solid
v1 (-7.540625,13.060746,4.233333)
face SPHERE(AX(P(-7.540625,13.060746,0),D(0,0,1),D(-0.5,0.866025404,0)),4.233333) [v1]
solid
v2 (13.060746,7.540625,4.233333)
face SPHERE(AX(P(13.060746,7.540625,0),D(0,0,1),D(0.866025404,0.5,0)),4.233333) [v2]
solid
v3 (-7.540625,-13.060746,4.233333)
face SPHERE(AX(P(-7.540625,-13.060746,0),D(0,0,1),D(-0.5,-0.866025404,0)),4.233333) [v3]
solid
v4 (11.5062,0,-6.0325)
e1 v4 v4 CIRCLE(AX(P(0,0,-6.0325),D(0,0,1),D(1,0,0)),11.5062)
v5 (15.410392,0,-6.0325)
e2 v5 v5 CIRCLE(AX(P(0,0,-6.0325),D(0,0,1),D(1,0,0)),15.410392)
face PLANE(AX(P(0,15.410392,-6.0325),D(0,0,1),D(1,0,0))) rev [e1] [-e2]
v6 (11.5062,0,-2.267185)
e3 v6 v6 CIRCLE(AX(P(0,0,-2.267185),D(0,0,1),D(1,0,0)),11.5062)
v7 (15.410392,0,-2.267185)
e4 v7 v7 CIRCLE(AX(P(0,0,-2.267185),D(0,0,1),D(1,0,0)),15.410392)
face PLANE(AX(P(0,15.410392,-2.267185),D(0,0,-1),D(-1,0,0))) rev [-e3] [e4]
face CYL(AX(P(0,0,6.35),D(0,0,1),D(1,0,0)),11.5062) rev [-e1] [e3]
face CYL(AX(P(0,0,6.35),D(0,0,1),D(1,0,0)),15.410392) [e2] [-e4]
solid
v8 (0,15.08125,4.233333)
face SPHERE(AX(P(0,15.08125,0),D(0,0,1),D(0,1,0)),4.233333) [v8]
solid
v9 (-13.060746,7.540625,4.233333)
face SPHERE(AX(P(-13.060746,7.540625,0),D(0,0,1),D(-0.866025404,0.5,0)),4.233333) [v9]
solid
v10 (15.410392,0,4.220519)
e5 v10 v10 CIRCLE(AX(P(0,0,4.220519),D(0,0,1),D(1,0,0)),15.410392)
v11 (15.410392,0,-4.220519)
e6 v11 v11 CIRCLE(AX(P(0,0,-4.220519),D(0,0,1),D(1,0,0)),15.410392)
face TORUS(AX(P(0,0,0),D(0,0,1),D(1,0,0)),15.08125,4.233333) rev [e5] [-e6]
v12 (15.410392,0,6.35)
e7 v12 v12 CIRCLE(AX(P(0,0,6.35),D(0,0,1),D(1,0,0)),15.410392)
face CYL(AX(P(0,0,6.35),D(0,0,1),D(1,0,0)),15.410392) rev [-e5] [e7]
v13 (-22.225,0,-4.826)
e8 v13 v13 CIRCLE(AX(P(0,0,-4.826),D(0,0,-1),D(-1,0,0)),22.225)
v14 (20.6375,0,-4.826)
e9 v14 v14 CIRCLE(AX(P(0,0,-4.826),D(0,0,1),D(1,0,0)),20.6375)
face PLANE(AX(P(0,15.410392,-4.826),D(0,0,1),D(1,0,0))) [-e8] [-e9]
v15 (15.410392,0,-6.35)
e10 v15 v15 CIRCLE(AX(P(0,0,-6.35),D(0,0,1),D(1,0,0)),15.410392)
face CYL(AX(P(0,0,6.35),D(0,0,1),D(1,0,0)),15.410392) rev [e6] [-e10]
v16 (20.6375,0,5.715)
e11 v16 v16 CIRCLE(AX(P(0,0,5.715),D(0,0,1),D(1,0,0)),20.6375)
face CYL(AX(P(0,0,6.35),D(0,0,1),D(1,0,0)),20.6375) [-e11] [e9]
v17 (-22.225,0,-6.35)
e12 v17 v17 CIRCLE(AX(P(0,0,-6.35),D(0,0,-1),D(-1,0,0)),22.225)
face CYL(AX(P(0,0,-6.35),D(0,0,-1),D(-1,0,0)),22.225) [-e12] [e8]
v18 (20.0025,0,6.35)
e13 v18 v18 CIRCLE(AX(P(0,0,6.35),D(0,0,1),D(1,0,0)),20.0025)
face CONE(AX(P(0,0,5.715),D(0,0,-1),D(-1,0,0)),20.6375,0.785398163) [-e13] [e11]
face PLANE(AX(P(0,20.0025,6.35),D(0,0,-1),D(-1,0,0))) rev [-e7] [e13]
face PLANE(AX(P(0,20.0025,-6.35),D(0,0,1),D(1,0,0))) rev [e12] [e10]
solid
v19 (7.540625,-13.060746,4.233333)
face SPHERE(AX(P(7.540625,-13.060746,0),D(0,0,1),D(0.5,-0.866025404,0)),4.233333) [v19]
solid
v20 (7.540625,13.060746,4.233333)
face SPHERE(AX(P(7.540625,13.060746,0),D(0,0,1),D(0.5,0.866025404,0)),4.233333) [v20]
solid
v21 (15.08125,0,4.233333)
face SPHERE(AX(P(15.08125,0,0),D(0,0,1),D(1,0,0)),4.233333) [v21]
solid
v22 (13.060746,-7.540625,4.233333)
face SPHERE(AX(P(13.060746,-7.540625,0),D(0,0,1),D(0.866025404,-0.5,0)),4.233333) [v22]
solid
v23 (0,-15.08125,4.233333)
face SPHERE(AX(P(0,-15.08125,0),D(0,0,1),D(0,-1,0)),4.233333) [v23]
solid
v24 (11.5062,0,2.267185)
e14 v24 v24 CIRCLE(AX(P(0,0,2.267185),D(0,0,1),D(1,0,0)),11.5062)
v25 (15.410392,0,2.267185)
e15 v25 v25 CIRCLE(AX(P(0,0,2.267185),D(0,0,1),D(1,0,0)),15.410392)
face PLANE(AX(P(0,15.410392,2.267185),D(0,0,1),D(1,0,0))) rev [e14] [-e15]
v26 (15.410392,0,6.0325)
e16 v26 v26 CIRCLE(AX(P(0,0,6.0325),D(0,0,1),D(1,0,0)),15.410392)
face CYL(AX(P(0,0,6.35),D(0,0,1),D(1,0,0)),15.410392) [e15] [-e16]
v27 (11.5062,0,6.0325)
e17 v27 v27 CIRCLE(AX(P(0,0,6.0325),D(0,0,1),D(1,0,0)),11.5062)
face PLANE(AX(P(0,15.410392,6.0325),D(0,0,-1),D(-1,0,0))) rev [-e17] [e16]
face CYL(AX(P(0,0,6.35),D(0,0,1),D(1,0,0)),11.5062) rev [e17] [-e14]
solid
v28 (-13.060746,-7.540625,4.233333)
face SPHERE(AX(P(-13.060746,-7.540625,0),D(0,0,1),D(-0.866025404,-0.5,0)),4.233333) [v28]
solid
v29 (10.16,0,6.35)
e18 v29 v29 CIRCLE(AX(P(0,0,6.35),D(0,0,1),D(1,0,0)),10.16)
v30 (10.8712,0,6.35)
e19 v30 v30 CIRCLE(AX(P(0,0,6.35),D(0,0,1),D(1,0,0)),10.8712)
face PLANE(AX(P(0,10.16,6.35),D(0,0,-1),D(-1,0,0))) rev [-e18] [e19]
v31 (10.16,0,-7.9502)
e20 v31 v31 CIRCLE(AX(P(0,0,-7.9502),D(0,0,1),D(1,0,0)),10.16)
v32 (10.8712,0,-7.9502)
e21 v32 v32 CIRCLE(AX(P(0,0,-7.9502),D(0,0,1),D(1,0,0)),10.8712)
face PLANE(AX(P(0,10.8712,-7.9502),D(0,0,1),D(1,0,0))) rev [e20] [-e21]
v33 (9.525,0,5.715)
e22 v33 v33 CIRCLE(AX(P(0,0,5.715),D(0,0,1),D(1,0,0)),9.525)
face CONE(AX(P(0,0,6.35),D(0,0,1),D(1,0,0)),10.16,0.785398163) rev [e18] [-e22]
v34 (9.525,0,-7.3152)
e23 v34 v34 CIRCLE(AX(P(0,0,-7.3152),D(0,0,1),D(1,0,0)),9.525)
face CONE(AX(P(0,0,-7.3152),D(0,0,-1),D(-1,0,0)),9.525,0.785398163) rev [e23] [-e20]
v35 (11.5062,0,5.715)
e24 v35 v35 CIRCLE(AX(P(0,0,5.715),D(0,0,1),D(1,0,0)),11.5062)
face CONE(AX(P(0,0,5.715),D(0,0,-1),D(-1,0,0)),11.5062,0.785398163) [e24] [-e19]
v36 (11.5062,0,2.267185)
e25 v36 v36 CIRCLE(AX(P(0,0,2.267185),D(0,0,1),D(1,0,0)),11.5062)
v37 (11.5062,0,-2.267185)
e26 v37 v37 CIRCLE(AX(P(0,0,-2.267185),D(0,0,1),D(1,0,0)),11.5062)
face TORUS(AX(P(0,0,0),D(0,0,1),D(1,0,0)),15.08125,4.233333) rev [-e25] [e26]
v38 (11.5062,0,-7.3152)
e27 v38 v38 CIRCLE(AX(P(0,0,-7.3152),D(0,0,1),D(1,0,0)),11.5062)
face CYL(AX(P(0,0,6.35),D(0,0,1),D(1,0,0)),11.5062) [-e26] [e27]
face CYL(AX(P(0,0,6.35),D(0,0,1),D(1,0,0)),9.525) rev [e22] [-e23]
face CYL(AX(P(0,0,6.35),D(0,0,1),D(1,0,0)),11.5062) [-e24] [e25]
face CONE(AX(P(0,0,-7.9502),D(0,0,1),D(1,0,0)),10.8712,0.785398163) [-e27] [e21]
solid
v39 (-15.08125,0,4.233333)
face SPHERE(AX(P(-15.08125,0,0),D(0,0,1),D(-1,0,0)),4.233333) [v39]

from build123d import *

# Parameters (mm, degrees)
SKETCH6_W         = 1.524
SKETCH6_H         = 6.814608333
CIRPATTERN1_COUNT = 12
SKETCH5_W         = 3.765314827
SKETCH5_H         = 3.904191667


with BuildPart() as part:
    # Sketch1 → Revolve1 (revolve)
    with BuildSketch(Plane(origin=(0, 0, 0), x_dir=(0, 0, -1), z_dir=(1, 0, 0))):
        with BuildLine():
            Line((5.715, 20.6375), (-5.715, 20.6375))
            Line((-5.715, 20.6375), (-6.35, 20.0025))
            Line((-6.35, 20.0025), (-6.35, 15.410391667))
            Line((-6.35, 15.410391667), (-4.220518555, 15.410391667))
            ThreePointArc((-4.220518555, 15.410391667), (0, 19.314583333), (4.220518555, 15.410391667))
            Line((4.220518555, 15.410391667), (6.35, 15.410391667))
            Line((6.35, 15.410391667), (6.35, 20.0025))
            Line((6.35, 20.0025), (5.715, 20.6375))
        make_face()
    revolve(axis=Axis((0, 0, 6.35), (0, 0, -1)))

    # Sketch6 → Revolve6 (revolve)
    with BuildSketch(Plane(origin=(0, 0, 0), x_dir=(0, 0, -1), z_dir=(1, 0, 0))):
        with Locations((5.588, 18.817695834)):
            Rectangle(SKETCH6_W, SKETCH6_H)
    revolve(axis=Axis((0, 0, -6.35), (0, 0, 1)))


with BuildPart() as body_2:
    # Sketch3 → Revolve3 (revolve)
    with BuildSketch(Plane(origin=(0, 0, 0), x_dir=(0, 0, -1), z_dir=(1, 0, 0))):
        with BuildLine():
            Line((-6.35, 10.16), (-6.35, 10.8712))
            Line((-6.35, 10.8712), (-5.715, 11.5062))
            Line((-5.715, 11.5062), (-2.267185173, 11.5062))
            ThreePointArc((-2.267185173, 11.5062), (0, 10.847916667), (2.267185173, 11.5062))
            Line((2.267185173, 11.5062), (7.3152, 11.5062))
            Line((7.3152, 11.5062), (7.9502, 10.8712))
            Line((7.9502, 10.8712), (7.9502, 10.16))
            Line((7.9502, 10.16), (7.3152, 9.525))
            Line((7.3152, 9.525), (-5.715, 9.525))
            Line((-5.715, 9.525), (-6.35, 10.16))
        make_face()
    revolve(axis=Axis((0, 0, 6.35), (0, 0, -1)))


with BuildPart() as body_3:
    # Sketch4 → Revolve4 (revolve)
    with BuildSketch(Plane(origin=(0, 0, 0), x_dir=(0, 0, -1), z_dir=(1, 0, 0))):
        with BuildLine():
            Line((-4.233333333, 15.08125), (4.233333333, 15.08125))
            ThreePointArc((4.233333333, 15.08125), (0, 19.314583333), (-4.233333333, 15.08125))
        make_face()
    revolve(axis=Axis((0, 15.08125, 4.233333333), (0, 0, -1)))


with BuildPart() as cirpattern1_1:
    # CirPattern1: pattern copy
    add(body_3.part.rotate(Axis((0, 0, -6.35), (0, 0, 1)), 1 * 360 / CIRPATTERN1_COUNT))


with BuildPart() as cirpattern1_2:
    # CirPattern1: pattern copy
    add(body_3.part.rotate(Axis((0, 0, -6.35), (0, 0, 1)), 2 * 360 / CIRPATTERN1_COUNT))


with BuildPart() as cirpattern1_3:
    # CirPattern1: pattern copy
    add(body_3.part.rotate(Axis((0, 0, -6.35), (0, 0, 1)), 3 * 360 / CIRPATTERN1_COUNT))


with BuildPart() as cirpattern1_4:
    # CirPattern1: pattern copy
    add(body_3.part.rotate(Axis((0, 0, -6.35), (0, 0, 1)), 4 * 360 / CIRPATTERN1_COUNT))


with BuildPart() as cirpattern1_5:
    # CirPattern1: pattern copy
    add(body_3.part.rotate(Axis((0, 0, -6.35), (0, 0, 1)), 5 * 360 / CIRPATTERN1_COUNT))


with BuildPart() as cirpattern1_6:
    # CirPattern1: pattern copy
    add(body_3.part.rotate(Axis((0, 0, -6.35), (0, 0, 1)), 6 * 360 / CIRPATTERN1_COUNT))


with BuildPart() as cirpattern1_7:
    # CirPattern1: pattern copy
    add(body_3.part.rotate(Axis((0, 0, -6.35), (0, 0, 1)), 7 * 360 / CIRPATTERN1_COUNT))


with BuildPart() as cirpattern1_8:
    # CirPattern1: pattern copy
    add(body_3.part.rotate(Axis((0, 0, -6.35), (0, 0, 1)), 8 * 360 / CIRPATTERN1_COUNT))


with BuildPart() as cirpattern1_9:
    # CirPattern1: pattern copy
    add(body_3.part.rotate(Axis((0, 0, -6.35), (0, 0, 1)), 9 * 360 / CIRPATTERN1_COUNT))


with BuildPart() as cirpattern1_10:
    # CirPattern1: pattern copy
    add(body_3.part.rotate(Axis((0, 0, -6.35), (0, 0, 1)), 10 * 360 / CIRPATTERN1_COUNT))


with BuildPart() as cirpattern1_11:
    # CirPattern1: pattern copy
    add(body_3.part.rotate(Axis((0, 0, -6.35), (0, 0, 1)), 11 * 360 / CIRPATTERN1_COUNT))


with BuildPart() as body_15:
    # Sketch5 → Revolve5 (revolve)
    with BuildSketch(Plane(origin=(0, 0, 0), x_dir=(0, 0, -1), z_dir=(1, 0, 0))):
        with Locations((-4.149842587, 13.458295834)):
            Rectangle(SKETCH5_W, SKETCH5_H)
        with Locations((4.149842587, 13.458295834)):
            Rectangle(SKETCH5_W, SKETCH5_H)
    revolve(axis=Axis((0, 0, 6.35), (0, 0, -1)))


solid = Compound([part.part, body_2.part, body_3.part, cirpattern1_1.part, cirpattern1_2.part, cirpattern1_3.part, cirpattern1_4.part, cirpattern1_5.part, cirpattern1_6.part, cirpattern1_7.part, cirpattern1_8.part, cirpattern1_9.part, cirpattern1_10.part, cirpattern1_11.part, body_15.part])
